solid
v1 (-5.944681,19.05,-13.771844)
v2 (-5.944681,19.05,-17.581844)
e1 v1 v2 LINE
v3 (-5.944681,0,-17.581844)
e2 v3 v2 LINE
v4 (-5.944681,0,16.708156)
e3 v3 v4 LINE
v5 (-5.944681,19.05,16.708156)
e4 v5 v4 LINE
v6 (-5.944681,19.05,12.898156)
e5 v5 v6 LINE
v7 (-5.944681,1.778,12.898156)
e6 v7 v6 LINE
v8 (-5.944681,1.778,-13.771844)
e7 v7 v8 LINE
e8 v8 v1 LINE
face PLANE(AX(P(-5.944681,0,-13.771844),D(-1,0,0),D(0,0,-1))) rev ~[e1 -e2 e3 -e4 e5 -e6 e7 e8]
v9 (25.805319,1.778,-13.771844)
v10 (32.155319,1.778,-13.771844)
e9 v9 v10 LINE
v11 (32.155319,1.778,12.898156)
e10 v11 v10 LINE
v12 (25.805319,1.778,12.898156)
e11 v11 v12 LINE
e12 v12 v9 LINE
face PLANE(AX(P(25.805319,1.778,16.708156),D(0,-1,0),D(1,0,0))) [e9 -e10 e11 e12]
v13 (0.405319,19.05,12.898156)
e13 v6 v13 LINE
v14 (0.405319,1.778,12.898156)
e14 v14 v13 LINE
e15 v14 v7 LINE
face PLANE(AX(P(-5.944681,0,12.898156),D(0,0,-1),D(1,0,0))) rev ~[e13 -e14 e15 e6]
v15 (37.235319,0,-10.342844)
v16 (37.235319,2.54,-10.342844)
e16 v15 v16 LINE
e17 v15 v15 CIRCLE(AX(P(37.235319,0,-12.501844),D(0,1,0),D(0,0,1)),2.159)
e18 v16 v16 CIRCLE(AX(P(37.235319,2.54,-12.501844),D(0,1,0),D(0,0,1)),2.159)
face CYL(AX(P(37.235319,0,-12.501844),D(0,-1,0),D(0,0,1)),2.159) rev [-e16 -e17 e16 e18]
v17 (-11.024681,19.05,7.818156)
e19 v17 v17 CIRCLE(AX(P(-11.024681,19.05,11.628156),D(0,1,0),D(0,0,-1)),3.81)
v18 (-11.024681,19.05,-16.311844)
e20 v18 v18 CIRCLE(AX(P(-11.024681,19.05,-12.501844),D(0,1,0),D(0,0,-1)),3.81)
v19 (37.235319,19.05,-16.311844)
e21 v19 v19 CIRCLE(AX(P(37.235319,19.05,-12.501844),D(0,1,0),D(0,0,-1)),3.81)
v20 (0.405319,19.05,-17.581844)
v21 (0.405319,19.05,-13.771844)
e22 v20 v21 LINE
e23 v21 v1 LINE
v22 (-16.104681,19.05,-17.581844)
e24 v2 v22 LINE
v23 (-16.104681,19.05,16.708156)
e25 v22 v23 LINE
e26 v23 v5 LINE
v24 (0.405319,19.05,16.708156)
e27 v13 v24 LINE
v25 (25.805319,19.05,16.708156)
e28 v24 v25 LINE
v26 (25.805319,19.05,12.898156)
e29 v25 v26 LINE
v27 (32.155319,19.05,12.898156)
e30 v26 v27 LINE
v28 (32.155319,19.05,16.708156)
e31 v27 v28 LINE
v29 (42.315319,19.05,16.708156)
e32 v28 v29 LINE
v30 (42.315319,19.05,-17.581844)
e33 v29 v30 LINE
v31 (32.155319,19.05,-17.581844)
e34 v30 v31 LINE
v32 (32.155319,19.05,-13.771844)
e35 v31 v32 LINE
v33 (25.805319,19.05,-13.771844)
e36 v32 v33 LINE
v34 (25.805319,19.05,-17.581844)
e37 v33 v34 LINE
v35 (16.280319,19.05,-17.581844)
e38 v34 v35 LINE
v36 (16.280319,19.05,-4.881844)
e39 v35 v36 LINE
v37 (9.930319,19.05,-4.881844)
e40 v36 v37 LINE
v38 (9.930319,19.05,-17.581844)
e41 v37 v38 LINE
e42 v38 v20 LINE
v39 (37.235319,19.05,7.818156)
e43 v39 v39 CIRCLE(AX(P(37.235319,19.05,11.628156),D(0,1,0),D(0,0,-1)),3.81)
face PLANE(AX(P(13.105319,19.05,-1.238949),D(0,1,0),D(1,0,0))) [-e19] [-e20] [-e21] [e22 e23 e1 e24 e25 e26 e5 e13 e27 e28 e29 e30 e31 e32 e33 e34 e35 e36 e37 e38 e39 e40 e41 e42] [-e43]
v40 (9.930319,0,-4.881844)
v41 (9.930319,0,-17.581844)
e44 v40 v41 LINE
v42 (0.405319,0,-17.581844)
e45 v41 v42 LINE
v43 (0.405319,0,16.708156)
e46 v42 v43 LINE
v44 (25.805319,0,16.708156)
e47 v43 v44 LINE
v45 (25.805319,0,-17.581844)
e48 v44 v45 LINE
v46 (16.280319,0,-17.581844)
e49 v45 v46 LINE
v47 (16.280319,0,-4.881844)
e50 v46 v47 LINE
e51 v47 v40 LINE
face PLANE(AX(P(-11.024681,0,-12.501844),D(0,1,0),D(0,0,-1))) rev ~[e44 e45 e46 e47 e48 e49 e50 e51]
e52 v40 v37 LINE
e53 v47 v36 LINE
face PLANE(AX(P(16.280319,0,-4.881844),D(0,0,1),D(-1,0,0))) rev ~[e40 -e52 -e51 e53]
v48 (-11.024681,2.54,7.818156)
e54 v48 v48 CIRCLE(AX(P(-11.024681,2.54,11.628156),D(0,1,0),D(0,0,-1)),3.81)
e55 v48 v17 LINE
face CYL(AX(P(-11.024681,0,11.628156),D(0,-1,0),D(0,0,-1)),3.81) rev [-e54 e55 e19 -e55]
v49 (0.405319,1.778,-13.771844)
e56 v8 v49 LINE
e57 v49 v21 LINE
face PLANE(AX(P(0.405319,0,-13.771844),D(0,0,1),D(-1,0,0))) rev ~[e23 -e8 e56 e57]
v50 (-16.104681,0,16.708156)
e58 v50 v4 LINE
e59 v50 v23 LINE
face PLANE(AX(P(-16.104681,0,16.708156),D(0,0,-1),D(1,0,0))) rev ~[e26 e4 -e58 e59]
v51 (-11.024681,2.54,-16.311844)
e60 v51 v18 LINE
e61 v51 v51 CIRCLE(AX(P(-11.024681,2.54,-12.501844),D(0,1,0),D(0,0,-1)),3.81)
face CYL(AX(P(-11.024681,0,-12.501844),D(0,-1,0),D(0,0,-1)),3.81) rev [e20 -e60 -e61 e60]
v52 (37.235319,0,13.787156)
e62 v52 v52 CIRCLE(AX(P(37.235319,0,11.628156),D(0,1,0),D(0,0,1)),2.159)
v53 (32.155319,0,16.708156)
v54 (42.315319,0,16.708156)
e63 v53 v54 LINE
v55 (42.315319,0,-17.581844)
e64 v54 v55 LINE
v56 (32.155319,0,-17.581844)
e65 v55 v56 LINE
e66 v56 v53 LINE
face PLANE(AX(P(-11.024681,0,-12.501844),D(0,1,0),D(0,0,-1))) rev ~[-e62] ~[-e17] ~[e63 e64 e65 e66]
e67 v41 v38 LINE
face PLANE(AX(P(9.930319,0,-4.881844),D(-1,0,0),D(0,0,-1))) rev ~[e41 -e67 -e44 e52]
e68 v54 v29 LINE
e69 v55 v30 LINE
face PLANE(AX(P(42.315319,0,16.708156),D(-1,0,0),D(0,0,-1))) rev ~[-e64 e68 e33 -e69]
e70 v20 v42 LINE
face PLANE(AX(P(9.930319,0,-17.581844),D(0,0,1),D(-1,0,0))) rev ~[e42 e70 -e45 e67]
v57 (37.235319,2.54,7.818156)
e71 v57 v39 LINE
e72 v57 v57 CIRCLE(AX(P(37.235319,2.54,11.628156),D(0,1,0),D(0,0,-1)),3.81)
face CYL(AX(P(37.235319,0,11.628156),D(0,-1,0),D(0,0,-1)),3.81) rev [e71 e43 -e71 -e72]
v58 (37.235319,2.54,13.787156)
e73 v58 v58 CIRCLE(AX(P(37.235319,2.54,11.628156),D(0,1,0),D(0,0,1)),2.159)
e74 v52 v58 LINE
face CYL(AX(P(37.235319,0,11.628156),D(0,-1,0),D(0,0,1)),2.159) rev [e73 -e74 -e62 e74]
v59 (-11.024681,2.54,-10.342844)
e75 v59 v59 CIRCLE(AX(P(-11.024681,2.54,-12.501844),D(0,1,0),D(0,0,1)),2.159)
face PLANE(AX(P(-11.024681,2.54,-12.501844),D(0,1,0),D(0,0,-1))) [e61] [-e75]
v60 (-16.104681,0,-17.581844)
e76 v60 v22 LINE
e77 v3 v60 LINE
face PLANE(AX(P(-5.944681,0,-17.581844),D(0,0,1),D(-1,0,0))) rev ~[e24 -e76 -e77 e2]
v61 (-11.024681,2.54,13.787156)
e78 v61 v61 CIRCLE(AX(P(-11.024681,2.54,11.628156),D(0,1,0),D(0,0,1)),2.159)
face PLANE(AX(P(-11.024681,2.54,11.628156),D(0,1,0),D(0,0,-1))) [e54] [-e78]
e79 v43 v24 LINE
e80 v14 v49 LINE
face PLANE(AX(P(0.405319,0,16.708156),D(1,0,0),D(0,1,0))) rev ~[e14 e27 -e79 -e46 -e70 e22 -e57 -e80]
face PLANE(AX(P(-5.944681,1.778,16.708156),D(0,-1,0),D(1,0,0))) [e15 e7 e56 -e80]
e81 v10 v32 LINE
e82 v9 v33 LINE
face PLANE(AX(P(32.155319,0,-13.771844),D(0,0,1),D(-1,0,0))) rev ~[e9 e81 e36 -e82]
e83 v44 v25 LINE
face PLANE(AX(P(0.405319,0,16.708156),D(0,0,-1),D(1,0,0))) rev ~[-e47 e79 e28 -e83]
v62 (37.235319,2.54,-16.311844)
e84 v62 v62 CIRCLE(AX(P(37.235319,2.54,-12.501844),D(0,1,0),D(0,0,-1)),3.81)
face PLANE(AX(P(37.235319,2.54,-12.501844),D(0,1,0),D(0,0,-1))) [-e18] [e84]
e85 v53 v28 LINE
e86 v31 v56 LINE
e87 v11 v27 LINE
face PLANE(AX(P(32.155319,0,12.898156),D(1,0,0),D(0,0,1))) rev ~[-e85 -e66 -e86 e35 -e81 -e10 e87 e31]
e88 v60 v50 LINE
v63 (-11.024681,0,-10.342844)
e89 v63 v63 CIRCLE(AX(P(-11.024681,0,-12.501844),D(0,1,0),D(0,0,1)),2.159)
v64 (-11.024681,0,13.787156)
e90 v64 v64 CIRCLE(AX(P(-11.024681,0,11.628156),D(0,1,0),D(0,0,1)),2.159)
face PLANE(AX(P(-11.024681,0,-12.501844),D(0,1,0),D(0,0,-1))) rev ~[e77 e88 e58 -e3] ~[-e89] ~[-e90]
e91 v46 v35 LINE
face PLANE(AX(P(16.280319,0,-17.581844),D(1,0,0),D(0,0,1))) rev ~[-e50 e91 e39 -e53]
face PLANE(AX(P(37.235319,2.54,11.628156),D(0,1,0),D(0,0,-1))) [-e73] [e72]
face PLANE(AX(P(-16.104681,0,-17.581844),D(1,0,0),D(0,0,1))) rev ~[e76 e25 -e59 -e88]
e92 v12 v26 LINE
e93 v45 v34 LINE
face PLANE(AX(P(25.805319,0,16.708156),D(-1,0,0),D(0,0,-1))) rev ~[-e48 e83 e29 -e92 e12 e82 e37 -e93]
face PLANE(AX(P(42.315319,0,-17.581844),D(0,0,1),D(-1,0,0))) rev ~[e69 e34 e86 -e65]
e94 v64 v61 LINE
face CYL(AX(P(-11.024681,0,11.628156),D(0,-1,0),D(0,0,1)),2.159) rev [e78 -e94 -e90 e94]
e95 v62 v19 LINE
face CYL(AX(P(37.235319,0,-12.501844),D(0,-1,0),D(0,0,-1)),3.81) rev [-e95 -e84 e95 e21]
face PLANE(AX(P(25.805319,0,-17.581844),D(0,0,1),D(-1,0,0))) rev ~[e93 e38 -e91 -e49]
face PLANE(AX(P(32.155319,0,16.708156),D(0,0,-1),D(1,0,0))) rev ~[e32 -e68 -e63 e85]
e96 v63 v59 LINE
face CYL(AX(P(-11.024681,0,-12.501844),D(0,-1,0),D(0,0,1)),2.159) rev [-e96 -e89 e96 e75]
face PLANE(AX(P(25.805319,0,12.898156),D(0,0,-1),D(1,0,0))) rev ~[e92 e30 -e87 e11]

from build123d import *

# Parameters (mm, degrees)
SKETCH1_R           = 3.81
BOSS_EXTRUDE1_DEPTH = 19.05
SKETCH1_3_R         = 3.81
SKETCH1_3_R_2       = 2.159
BOSS_EXTRUDE2_DEPTH = 2.54
SKETCH2_W           = 6.35
SKETCH2_H           = 1.778
CUT_EXTRUDE2_DEPTH  = 58.700024564


with BuildPart() as part:
    # Sketch1 → Boss-Extrude1 (new body)
    with BuildSketch(Plane(origin=(0, 0, 0), x_dir=(1, 0, 0), z_dir=(0, 1, 0))):
        Polygon((-5.944680851, 17.581843972), (-16.104680851, 17.581843972), (-16.104680851, -16.708156028), (-5.944680851, -16.708156028), (-5.944680851, -12.898156028), (0.405319149, -12.898156028), (0.405319149, -16.708156028), (25.805319149, -16.708156028), (25.805319149, -12.898156028), (32.155319149, -12.898156028), (32.155319149, -16.708156028), (42.315319149, -16.708156028), (42.315319149, 17.581843972), (32.155319149, 17.581843972), (32.155319149, 13.771843972), (25.805319149, 13.771843972), (25.805319149, 17.581843972), (16.280319149, 17.581843972), (16.280319149, 4.881843972), (9.930319149, 4.881843972), (9.930319149, 17.581843972), (0.405319149, 17.581843972), (0.405319149, 13.771843972), (-5.944680851, 13.771843972), align=None)
        with Locations((-11.024680851, 12.501843972)):
            Circle(SKETCH1_R, mode=Mode.SUBTRACT)
        with Locations((37.235319149, 12.501843972)):
            Circle(SKETCH1_R, mode=Mode.SUBTRACT)
        with Locations((37.235319149, -11.628156028)):
            Circle(SKETCH1_R, mode=Mode.SUBTRACT)
        with Locations((-11.024680851, -11.628156028)):
            Circle(SKETCH1_R, mode=Mode.SUBTRACT)
    extrude(amount=BOSS_EXTRUDE1_DEPTH)

    # Sketch1<3> → Boss-Extrude2 (add)
    # profile 1 of 4: a face of its own
    with BuildSketch(Plane(origin=(0, 0, 0), x_dir=(1, 0, 0), z_dir=(0, 1, 0))):
        with Locations((-11.024680851, 12.501843972)):
            Circle(SKETCH1_3_R)
        with Locations((-11.024680851, 12.501843972)):
            Circle(SKETCH1_3_R_2, mode=Mode.SUBTRACT)
    # profile 2 of 4: a face of its own
    with BuildSketch(Plane(origin=(0, 0, 0), x_dir=(1, 0, 0), z_dir=(0, 1, 0))):
        with Locations((37.235319149, 12.501843972)):
            Circle(SKETCH1_3_R)
        with Locations((37.235319149, 12.501843972)):
            Circle(SKETCH1_3_R_2, mode=Mode.SUBTRACT)
    # profile 3 of 4: a face of its own
    with BuildSketch(Plane(origin=(0, 0, 0), x_dir=(1, 0, 0), z_dir=(0, 1, 0))):
        with Locations((-11.024680851, -11.628156028)):
            Circle(SKETCH1_3_R)
        with Locations((-11.024680851, -11.628156028)):
            Circle(SKETCH1_3_R_2, mode=Mode.SUBTRACT)
    # profile 4 of 4: a face of its own
    with BuildSketch(Plane(origin=(0, 0, 0), x_dir=(1, 0, 0), z_dir=(0, 1, 0))):
        with Locations((37.235319149, -11.628156028)):
            Circle(SKETCH1_3_R)
        with Locations((37.235319149, -11.628156028)):
            Circle(SKETCH1_3_R_2, mode=Mode.SUBTRACT)
    extrude(amount=BOSS_EXTRUDE2_DEPTH)

    # Sketch2 → Cut-Extrude2 (cut, through all)
    with BuildSketch(Plane.XY.offset(16.708156028)):
        with Locations((-2.769680851, 0.889)):
            Rectangle(SKETCH2_W, SKETCH2_H)
        with Locations((28.980319149, 0.889)):
            Rectangle(SKETCH2_W, SKETCH2_H)
    extrude(amount=-CUT_EXTRUDE2_DEPTH, mode=Mode.SUBTRACT)


solid = part.part
